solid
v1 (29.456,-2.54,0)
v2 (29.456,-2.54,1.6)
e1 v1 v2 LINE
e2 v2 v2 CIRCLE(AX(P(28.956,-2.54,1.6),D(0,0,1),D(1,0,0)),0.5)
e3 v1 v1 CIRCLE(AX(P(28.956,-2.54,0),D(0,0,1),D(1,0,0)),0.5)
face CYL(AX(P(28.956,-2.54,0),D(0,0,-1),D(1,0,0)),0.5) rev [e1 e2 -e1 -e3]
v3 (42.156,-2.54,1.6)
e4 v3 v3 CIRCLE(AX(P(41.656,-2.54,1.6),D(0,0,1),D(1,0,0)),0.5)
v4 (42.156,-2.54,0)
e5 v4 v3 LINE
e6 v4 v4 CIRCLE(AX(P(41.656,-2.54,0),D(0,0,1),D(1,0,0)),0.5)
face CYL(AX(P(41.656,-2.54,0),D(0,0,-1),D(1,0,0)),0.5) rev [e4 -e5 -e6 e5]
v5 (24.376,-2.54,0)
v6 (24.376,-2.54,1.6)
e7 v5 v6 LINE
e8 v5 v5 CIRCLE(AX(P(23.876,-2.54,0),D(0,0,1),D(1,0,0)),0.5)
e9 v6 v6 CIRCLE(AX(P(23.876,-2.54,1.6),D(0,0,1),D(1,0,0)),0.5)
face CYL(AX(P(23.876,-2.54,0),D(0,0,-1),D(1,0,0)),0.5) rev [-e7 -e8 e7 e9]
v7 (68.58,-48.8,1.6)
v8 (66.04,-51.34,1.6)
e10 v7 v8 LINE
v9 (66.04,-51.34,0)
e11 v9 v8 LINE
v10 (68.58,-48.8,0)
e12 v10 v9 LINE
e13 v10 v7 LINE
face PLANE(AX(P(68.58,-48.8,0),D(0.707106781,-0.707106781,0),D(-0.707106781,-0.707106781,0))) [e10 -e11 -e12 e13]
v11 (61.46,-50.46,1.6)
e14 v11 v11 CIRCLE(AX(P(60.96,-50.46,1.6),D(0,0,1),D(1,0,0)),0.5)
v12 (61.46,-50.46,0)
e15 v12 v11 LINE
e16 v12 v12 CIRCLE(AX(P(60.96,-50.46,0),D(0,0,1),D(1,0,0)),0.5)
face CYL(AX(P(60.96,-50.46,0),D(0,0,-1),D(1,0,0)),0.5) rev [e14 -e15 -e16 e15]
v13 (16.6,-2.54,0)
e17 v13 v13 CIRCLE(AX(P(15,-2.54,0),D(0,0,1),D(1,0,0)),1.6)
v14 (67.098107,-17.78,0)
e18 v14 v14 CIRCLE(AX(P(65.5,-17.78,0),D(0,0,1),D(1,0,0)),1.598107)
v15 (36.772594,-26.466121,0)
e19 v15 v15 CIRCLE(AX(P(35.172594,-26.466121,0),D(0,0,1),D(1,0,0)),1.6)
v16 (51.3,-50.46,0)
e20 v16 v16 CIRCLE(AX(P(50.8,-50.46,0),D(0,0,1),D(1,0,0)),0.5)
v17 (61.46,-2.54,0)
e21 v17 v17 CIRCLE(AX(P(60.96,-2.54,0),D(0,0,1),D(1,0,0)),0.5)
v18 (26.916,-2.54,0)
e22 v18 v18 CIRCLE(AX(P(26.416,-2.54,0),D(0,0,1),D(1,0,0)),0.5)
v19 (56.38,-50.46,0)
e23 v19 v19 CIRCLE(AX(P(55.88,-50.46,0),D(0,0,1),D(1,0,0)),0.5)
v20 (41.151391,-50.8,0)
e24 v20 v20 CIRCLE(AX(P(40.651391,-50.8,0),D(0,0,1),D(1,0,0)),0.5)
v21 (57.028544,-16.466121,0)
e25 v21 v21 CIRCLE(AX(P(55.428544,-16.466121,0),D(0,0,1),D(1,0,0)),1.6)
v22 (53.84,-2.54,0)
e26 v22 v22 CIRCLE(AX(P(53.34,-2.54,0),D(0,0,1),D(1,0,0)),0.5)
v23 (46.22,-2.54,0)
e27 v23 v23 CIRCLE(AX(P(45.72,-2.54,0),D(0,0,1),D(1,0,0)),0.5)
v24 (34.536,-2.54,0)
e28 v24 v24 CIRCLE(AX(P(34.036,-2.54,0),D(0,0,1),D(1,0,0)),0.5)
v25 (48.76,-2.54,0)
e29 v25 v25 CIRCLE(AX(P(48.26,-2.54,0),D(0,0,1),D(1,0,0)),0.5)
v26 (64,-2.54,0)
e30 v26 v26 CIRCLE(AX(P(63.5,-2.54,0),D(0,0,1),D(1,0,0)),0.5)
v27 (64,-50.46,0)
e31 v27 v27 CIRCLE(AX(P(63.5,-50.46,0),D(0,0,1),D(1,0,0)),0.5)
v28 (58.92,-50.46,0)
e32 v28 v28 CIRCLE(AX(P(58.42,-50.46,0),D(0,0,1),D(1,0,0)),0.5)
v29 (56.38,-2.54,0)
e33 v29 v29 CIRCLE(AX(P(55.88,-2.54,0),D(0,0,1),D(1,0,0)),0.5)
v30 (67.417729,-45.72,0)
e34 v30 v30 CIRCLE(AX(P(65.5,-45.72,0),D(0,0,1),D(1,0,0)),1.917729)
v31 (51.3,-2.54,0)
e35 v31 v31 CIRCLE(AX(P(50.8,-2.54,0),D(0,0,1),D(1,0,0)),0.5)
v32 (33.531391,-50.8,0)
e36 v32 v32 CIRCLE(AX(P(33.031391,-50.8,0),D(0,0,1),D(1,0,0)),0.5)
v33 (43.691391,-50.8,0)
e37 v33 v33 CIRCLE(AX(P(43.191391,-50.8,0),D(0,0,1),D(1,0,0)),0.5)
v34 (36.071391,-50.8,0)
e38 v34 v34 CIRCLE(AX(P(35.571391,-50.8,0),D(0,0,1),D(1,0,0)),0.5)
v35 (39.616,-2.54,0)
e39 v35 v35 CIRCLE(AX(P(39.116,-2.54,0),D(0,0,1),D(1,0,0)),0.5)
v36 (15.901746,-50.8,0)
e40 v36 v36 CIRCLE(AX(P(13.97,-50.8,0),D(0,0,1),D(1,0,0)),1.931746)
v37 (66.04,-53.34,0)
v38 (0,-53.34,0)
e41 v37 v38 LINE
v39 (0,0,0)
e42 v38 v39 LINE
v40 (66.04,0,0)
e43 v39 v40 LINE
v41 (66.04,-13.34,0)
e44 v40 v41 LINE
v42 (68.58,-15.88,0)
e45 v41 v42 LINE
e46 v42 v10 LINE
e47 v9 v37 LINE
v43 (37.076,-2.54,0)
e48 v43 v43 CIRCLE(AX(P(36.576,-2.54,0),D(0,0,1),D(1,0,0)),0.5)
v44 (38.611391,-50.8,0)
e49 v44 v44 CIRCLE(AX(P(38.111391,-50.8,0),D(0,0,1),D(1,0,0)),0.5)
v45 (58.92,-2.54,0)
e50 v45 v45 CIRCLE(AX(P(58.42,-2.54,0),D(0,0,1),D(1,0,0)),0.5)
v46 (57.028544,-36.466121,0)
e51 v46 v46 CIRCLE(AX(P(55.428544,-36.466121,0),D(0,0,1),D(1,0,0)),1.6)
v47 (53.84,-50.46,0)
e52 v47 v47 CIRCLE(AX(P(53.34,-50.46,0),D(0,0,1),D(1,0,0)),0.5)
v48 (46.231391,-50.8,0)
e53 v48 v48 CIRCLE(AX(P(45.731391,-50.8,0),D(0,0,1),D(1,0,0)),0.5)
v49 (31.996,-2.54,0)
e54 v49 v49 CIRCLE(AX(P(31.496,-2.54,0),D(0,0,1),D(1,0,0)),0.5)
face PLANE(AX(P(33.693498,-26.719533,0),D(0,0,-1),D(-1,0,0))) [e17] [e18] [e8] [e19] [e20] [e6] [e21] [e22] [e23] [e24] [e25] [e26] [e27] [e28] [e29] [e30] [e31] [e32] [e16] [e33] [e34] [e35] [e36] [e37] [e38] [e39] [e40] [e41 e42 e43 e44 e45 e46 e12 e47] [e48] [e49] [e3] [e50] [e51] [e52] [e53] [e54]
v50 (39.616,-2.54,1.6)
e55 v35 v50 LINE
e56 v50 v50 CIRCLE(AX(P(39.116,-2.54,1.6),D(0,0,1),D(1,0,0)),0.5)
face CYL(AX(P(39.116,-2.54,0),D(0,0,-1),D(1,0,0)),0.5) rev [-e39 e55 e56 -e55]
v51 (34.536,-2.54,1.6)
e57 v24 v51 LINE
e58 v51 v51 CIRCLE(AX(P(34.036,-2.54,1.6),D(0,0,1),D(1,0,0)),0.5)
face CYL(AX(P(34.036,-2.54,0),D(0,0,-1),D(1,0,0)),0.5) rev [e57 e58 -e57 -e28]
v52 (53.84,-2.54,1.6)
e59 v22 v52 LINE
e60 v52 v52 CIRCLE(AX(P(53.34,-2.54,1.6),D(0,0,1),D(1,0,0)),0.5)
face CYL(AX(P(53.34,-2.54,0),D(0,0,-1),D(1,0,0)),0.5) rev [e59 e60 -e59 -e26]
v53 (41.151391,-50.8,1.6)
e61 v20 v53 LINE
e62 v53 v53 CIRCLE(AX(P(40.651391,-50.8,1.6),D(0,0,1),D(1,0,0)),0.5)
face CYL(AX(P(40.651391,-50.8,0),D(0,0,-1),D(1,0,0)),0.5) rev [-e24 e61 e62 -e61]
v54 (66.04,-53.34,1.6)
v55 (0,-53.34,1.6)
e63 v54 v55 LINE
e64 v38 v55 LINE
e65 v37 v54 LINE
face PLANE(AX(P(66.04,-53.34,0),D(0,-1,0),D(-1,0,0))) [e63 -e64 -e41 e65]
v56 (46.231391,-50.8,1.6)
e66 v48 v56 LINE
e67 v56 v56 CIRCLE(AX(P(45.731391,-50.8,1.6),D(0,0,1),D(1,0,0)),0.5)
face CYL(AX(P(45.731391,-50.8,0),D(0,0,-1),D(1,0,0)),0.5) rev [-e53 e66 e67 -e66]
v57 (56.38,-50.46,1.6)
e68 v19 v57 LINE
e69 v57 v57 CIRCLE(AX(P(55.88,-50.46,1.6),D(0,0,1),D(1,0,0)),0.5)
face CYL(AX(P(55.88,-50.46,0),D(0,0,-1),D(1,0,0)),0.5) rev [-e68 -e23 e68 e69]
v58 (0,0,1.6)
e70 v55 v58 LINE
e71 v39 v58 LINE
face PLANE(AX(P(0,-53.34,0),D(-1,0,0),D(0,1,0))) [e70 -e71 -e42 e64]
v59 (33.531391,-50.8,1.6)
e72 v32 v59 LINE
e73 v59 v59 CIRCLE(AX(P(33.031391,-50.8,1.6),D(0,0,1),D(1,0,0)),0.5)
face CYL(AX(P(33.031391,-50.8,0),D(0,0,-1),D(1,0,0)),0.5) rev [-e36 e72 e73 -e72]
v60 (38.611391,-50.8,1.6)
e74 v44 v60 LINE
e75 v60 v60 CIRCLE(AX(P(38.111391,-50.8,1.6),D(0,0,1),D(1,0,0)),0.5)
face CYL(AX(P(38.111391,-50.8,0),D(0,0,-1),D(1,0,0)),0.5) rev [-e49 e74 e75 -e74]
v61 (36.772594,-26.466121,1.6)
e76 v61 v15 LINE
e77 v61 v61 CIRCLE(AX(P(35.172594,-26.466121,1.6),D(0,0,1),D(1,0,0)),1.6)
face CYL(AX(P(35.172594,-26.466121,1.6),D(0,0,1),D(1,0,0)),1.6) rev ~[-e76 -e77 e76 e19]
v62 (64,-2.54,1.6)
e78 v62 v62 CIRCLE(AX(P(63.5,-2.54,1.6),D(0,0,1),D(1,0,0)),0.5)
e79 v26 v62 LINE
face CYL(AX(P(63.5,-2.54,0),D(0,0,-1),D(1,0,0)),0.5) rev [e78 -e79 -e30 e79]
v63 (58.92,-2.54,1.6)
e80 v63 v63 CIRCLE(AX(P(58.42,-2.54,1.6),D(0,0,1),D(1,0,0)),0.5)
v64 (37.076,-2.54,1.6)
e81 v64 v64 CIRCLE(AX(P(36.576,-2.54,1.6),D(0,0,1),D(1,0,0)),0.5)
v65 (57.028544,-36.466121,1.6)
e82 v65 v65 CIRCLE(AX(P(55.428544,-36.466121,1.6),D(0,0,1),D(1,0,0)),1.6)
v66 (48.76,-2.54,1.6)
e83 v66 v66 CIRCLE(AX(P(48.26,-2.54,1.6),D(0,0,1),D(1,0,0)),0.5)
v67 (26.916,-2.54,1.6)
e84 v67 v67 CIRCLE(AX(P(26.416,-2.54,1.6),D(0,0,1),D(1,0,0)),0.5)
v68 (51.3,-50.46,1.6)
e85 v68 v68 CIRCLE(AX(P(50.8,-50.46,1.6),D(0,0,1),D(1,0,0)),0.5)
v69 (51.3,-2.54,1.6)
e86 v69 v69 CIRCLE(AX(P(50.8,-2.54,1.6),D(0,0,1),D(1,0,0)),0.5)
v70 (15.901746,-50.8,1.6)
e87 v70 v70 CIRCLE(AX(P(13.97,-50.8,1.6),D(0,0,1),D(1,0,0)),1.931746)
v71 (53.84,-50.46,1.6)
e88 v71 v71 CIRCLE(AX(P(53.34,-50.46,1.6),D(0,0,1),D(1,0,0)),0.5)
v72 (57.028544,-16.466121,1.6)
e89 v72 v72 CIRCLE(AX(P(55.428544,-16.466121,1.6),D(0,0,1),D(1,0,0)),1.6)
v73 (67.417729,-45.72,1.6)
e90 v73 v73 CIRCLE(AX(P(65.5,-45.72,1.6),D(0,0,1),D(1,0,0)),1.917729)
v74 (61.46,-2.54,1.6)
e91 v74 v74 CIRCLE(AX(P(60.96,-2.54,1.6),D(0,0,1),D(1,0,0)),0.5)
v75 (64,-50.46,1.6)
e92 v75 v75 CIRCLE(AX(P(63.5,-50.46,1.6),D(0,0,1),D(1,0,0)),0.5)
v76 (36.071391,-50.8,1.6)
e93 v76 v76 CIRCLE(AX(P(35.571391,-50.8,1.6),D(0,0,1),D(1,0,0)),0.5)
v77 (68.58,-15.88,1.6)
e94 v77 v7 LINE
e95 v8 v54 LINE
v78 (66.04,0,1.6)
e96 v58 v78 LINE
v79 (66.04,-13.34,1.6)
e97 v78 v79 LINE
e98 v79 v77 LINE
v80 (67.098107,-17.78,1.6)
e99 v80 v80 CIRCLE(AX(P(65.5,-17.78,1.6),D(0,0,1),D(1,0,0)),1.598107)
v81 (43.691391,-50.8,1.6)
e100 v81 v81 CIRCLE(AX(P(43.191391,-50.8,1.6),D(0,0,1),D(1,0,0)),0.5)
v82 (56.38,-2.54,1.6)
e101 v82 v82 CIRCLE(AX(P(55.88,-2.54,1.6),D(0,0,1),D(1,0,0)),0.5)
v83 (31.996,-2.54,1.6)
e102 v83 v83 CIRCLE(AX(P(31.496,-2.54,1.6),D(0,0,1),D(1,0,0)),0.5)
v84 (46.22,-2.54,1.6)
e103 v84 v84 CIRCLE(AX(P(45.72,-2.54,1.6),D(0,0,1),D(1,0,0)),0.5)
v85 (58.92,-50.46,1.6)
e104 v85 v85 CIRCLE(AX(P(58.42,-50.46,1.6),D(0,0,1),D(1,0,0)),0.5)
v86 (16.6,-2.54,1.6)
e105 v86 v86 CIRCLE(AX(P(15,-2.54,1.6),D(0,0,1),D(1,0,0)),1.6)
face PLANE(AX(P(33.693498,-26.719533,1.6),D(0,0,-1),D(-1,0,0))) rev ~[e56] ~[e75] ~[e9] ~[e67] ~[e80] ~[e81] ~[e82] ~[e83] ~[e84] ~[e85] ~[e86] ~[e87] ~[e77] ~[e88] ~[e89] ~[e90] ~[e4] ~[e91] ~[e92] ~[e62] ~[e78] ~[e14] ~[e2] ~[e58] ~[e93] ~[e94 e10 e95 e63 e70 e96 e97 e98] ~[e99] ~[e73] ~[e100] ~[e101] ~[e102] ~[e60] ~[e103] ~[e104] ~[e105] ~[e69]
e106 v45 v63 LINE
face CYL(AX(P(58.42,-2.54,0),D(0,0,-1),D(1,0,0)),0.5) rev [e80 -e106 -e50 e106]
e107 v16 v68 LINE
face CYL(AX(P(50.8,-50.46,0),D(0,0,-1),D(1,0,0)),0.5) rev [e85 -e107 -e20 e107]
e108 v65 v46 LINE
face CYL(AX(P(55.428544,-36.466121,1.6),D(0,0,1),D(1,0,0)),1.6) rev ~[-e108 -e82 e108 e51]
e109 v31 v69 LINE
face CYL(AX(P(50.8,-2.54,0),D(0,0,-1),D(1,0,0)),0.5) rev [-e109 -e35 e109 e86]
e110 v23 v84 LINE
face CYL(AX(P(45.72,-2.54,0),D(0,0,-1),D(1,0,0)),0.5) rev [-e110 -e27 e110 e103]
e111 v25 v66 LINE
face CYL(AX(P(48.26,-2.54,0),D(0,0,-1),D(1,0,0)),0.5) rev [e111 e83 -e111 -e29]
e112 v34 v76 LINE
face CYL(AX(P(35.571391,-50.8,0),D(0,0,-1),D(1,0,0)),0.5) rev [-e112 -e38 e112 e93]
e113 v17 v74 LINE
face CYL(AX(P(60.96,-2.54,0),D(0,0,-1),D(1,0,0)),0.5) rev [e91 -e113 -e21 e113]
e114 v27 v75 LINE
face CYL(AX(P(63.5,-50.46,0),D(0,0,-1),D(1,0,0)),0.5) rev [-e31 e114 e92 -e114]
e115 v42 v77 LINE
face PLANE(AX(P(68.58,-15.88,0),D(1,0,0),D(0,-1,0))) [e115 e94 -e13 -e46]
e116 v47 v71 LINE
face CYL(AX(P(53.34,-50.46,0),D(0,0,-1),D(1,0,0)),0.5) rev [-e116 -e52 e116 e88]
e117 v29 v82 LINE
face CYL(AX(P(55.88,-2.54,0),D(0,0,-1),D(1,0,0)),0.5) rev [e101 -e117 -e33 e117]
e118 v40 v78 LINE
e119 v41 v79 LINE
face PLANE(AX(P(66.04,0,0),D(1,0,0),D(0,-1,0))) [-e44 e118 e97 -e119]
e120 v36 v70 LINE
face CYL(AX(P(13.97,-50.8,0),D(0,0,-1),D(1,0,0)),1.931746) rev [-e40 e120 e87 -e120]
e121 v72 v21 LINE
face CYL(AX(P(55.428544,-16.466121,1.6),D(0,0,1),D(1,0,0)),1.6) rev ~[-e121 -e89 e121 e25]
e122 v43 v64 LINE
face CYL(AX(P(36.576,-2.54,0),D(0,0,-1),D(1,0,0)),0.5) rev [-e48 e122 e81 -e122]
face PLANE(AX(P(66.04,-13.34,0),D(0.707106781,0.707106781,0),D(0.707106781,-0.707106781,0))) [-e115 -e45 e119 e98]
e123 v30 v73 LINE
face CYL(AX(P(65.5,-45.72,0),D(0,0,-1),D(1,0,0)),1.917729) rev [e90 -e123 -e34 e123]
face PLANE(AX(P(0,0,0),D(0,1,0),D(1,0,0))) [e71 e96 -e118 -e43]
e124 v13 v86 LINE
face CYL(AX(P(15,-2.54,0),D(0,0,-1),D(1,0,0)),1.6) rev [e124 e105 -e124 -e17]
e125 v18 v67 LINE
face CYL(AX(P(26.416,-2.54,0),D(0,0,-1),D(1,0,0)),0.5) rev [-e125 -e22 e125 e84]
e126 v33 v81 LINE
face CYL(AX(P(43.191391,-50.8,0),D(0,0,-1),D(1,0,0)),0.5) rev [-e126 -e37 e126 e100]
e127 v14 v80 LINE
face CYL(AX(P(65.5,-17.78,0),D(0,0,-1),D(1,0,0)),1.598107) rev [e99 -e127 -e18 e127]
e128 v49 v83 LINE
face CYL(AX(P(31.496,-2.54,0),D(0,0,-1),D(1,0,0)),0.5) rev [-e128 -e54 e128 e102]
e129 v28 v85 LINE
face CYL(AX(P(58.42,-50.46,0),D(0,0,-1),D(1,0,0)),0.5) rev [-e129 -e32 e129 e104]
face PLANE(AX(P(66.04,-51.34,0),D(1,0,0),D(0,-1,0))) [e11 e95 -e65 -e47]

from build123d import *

# Parameters (mm, degrees)
SKETCH_1_R          = 0.5
SKETCH_1_R_2        = 1.6
SKETCH_1_R_3        = 1.931745927
SKETCH_1_R_4        = 1.598107179
SKETCH_1_R_5        = 1.917728615
EXTRUDE_1_DEPTH     = 1.6
SKETCH_2_R          = 1.6
CUT_EXTRUDE_1_DEPTH = 87.896098877


with BuildPart() as part:
    # 草图1 → 凸台-拉伸1 (new body)
    with BuildSketch(Plane.XY):
        Polygon((0, 0), (66.04, 0), (66.04, -13.34), (68.58, -15.88), (68.58, -48.8), (66.04, -51.34), (66.04, -53.34), (0, -53.34), align=None)
        with Locations((45.731390723, -50.8)):
            Circle(SKETCH_1_R, mode=Mode.SUBTRACT)
        with Locations((63.5, -50.46)):
            Circle(SKETCH_1_R, mode=Mode.SUBTRACT)
        with Locations((43.191390723, -50.8)):
            Circle(SKETCH_1_R, mode=Mode.SUBTRACT)
        with Locations((40.651390723, -50.8)):
            Circle(SKETCH_1_R, mode=Mode.SUBTRACT)
        with Locations((38.111390723, -50.8)):
            Circle(SKETCH_1_R, mode=Mode.SUBTRACT)
        with Locations((35.571390723, -50.8)):
            Circle(SKETCH_1_R, mode=Mode.SUBTRACT)
        with Locations((33.031390723, -50.8)):
            Circle(SKETCH_1_R, mode=Mode.SUBTRACT)
        with Locations((60.96, -50.46)):
            Circle(SKETCH_1_R, mode=Mode.SUBTRACT)
        with Locations((58.42, -50.46)):
            Circle(SKETCH_1_R, mode=Mode.SUBTRACT)
        with Locations((55.88, -50.46)):
            Circle(SKETCH_1_R, mode=Mode.SUBTRACT)
        with Locations((53.34, -50.46)):
            Circle(SKETCH_1_R, mode=Mode.SUBTRACT)
        with Locations((50.8, -50.46)):
            Circle(SKETCH_1_R, mode=Mode.SUBTRACT)
        with Locations((15, -2.54)):
            Circle(SKETCH_1_R_2, mode=Mode.SUBTRACT)
        with Locations((41.656, -2.54)):
            Circle(SKETCH_1_R, mode=Mode.SUBTRACT)
        with Locations((63.5, -2.54)):
            Circle(SKETCH_1_R, mode=Mode.SUBTRACT)
        with Locations((39.116, -2.54)):
            Circle(SKETCH_1_R, mode=Mode.SUBTRACT)
        with Locations((36.576, -2.54)):
            Circle(SKETCH_1_R, mode=Mode.SUBTRACT)
        with Locations((34.036, -2.54)):
            Circle(SKETCH_1_R, mode=Mode.SUBTRACT)
        with Locations((31.496, -2.54)):
            Circle(SKETCH_1_R, mode=Mode.SUBTRACT)
        with Locations((28.956, -2.54)):
            Circle(SKETCH_1_R, mode=Mode.SUBTRACT)
        with Locations((26.416, -2.54)):
            Circle(SKETCH_1_R, mode=Mode.SUBTRACT)
        with Locations((23.876, -2.54)):
            Circle(SKETCH_1_R, mode=Mode.SUBTRACT)
        with Locations((60.96, -2.54)):
            Circle(SKETCH_1_R, mode=Mode.SUBTRACT)
        with Locations((58.42, -2.54)):
            Circle(SKETCH_1_R, mode=Mode.SUBTRACT)
        with Locations((55.88, -2.54)):
            Circle(SKETCH_1_R, mode=Mode.SUBTRACT)
        with Locations((53.34, -2.54)):
            Circle(SKETCH_1_R, mode=Mode.SUBTRACT)
        with Locations((50.8, -2.54)):
            Circle(SKETCH_1_R, mode=Mode.SUBTRACT)
        with Locations((48.26, -2.54)):
            Circle(SKETCH_1_R, mode=Mode.SUBTRACT)
        with Locations((45.72, -2.54)):
            Circle(SKETCH_1_R, mode=Mode.SUBTRACT)
        with Locations((13.97, -50.8)):
            Circle(SKETCH_1_R_3, mode=Mode.SUBTRACT)
        with Locations((65.5, -17.78)):
            Circle(SKETCH_1_R_4, mode=Mode.SUBTRACT)
        with Locations((65.5, -45.72)):
            Circle(SKETCH_1_R_5, mode=Mode.SUBTRACT)
    extrude(amount=EXTRUDE_1_DEPTH)

    # 草图2 → 切除-拉伸1 (cut, through all)
    with BuildSketch(Plane.XY.offset(1.6)):
        with Locations((55.428544368, -16.466121162)):
            Circle(SKETCH_2_R)
        with Locations((35.172593904, -26.466121162)):
            Circle(SKETCH_2_R)
        with Locations((55.428544368, -36.466121162)):
            Circle(SKETCH_2_R)
    extrude(amount=-CUT_EXTRUDE_1_DEPTH, mode=Mode.SUBTRACT)


solid = part.part
